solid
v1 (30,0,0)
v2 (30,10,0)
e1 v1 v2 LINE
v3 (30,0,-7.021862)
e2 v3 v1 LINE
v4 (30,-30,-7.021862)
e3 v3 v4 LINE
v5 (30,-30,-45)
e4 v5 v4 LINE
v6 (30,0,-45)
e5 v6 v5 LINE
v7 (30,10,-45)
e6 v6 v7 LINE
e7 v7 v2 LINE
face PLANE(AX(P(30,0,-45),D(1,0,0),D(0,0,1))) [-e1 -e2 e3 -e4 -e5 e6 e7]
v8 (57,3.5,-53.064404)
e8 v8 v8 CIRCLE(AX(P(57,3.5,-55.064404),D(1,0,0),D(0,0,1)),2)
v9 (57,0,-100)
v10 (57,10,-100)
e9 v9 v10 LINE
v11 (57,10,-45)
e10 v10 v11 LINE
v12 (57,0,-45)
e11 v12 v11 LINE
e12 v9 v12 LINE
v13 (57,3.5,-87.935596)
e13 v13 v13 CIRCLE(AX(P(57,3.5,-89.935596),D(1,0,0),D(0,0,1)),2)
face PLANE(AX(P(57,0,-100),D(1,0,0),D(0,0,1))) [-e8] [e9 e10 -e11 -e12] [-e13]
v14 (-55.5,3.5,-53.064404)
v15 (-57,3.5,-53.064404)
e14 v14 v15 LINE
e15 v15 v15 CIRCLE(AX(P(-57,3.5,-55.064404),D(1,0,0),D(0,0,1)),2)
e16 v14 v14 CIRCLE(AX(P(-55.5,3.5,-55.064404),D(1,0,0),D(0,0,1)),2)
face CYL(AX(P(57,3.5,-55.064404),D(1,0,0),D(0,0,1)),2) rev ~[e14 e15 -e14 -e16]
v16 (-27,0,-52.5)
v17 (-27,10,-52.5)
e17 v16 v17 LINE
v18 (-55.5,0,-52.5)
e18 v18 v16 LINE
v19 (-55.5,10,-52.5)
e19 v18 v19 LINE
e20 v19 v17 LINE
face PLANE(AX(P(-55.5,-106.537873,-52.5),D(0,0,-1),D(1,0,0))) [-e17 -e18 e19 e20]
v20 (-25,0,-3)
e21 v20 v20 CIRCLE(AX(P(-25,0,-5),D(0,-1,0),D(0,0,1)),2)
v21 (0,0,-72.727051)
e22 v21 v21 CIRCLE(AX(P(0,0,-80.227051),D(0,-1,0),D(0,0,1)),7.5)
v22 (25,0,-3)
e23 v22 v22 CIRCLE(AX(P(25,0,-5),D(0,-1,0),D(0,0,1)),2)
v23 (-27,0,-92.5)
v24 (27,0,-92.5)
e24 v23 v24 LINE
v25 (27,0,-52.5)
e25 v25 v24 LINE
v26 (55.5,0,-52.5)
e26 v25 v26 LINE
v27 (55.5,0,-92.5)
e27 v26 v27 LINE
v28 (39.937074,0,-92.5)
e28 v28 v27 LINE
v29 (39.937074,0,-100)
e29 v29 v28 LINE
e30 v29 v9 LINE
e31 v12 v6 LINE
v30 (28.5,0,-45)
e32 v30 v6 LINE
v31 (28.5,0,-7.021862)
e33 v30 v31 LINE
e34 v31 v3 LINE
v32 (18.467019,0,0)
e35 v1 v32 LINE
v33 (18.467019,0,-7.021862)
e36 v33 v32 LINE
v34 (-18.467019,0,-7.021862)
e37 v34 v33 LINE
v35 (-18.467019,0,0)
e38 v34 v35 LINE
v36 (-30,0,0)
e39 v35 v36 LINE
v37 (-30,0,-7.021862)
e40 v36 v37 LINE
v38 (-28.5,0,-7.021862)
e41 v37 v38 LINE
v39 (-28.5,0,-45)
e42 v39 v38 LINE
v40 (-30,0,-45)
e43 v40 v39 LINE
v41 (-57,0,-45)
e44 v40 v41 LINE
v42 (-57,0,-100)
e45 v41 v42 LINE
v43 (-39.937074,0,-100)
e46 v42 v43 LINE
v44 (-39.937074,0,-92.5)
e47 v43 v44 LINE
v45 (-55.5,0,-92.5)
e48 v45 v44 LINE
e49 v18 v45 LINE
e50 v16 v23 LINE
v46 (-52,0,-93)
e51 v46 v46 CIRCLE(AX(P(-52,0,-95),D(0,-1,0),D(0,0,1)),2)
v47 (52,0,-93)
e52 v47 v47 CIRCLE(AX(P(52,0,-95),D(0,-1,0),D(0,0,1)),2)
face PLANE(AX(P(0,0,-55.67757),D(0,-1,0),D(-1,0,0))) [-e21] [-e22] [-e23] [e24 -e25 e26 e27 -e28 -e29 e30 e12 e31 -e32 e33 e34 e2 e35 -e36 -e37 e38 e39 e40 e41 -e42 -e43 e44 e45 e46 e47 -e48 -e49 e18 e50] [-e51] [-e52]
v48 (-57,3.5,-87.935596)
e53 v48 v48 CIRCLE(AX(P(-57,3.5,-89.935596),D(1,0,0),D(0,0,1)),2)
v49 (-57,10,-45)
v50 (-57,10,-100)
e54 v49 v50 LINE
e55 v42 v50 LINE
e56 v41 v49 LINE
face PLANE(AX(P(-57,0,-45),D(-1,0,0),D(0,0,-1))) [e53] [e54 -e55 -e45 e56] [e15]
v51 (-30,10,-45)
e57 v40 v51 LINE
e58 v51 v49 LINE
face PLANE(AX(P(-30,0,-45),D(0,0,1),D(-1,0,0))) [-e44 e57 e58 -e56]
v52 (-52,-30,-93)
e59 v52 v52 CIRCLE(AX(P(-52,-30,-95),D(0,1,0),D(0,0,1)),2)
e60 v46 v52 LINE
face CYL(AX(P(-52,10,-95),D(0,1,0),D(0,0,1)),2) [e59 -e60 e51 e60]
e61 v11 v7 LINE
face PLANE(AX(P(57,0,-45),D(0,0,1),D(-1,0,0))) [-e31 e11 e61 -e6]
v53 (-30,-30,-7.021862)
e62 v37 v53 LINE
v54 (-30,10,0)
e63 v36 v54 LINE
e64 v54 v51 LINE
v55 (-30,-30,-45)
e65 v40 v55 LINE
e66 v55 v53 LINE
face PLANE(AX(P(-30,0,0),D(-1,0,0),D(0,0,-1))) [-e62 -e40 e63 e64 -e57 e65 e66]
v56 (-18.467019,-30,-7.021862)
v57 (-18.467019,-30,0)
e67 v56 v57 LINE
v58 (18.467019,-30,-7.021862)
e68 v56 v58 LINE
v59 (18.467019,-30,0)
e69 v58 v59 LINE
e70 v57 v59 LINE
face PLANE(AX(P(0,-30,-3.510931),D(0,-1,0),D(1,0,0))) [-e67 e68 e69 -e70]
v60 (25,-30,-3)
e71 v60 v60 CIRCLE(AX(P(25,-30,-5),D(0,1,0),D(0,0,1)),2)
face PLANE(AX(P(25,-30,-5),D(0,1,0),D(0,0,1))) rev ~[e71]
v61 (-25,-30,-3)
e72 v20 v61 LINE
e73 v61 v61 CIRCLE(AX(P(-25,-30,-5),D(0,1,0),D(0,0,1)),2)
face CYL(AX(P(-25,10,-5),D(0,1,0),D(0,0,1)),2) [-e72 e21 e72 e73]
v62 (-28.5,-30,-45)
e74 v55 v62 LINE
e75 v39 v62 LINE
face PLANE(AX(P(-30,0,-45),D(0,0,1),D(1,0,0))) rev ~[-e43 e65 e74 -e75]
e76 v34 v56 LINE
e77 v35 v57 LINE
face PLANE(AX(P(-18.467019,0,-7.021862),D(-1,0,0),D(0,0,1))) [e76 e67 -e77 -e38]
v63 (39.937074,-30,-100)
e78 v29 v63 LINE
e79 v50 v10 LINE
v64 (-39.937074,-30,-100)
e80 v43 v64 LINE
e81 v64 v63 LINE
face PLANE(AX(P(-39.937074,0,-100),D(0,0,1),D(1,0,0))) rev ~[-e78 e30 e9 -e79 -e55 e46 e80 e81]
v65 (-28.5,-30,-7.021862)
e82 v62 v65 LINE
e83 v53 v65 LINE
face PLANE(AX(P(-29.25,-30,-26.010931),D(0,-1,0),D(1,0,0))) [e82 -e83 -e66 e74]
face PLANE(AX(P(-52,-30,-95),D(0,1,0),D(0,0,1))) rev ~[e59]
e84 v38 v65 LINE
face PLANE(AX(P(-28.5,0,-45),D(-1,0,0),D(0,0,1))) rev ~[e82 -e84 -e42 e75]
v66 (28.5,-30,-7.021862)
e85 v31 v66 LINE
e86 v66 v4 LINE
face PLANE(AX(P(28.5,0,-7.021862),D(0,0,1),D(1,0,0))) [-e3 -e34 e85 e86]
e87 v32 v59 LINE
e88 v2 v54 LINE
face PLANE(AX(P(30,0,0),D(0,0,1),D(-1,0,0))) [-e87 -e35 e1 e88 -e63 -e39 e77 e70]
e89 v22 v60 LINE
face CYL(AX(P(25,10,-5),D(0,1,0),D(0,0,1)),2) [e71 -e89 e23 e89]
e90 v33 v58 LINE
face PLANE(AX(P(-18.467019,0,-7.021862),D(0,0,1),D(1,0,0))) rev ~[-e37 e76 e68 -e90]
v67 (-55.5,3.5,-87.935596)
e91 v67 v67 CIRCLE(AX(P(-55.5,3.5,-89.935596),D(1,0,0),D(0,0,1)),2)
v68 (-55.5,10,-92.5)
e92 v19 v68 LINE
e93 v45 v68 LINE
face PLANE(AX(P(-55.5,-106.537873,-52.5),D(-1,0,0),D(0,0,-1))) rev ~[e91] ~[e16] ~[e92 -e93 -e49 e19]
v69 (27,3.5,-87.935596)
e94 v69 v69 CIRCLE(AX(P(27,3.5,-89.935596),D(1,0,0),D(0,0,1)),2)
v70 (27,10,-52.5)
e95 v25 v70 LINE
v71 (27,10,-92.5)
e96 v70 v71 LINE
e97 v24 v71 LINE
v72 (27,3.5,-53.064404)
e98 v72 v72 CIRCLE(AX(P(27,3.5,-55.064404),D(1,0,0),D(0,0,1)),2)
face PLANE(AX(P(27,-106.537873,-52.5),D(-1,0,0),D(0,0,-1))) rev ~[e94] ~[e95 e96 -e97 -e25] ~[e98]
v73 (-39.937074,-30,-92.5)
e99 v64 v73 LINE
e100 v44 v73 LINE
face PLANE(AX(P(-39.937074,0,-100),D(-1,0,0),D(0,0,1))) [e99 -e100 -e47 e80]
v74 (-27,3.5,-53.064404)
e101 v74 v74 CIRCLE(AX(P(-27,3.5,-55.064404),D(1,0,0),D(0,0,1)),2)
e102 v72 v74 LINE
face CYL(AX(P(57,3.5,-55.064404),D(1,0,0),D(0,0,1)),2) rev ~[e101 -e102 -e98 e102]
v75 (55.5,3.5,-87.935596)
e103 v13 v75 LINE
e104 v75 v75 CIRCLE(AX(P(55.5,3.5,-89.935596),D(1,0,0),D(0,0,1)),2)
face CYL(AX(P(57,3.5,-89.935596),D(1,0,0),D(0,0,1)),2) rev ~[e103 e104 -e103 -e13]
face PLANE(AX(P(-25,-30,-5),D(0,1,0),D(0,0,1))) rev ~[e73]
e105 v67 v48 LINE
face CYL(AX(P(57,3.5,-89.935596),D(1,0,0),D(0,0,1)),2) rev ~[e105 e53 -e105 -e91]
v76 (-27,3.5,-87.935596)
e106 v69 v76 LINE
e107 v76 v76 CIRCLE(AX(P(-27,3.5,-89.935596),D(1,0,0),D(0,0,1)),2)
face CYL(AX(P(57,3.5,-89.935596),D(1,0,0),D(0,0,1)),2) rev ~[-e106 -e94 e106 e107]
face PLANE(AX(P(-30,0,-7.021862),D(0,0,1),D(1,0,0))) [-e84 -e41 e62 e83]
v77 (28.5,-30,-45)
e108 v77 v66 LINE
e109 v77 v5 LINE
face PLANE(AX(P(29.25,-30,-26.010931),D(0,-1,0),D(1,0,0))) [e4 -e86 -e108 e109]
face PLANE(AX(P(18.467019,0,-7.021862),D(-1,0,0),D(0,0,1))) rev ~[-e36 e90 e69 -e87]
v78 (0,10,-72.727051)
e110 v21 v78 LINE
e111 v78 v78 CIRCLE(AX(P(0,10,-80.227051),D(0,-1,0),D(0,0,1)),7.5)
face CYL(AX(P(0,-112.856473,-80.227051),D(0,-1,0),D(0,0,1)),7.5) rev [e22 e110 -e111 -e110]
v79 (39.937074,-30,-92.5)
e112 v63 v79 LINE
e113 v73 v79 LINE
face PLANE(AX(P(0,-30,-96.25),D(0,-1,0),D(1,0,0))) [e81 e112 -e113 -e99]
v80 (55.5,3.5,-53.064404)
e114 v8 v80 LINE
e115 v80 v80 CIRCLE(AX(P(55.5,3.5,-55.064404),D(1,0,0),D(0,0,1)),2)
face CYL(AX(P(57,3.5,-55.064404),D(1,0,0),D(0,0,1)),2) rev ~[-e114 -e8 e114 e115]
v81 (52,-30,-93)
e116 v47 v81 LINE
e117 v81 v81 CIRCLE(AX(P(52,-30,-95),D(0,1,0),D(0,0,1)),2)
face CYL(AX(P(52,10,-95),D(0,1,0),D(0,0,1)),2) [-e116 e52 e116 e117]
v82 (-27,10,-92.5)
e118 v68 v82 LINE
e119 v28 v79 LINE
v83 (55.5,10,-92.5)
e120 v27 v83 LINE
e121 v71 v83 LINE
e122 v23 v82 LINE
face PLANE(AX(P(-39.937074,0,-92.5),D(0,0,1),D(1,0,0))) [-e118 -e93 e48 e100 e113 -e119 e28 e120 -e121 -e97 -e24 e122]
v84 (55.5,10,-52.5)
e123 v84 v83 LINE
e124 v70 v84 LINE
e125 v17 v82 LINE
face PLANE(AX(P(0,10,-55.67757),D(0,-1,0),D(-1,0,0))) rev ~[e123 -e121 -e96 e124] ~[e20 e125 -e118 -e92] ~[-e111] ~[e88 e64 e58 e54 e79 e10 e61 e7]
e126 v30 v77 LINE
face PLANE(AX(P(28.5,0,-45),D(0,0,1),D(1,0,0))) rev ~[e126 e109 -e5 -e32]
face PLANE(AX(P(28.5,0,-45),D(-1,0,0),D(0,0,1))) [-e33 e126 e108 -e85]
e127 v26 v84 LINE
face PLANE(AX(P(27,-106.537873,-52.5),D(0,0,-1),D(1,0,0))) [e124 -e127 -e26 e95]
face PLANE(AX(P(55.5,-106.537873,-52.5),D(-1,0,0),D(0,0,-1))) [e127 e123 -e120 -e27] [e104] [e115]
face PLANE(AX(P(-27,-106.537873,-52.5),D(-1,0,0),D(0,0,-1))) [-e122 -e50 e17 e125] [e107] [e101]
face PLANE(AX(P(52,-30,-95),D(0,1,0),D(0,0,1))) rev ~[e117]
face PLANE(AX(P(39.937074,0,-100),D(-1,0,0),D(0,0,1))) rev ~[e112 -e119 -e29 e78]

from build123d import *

# Parameters (mm, degrees)
BOSS_EXTRUDE1_DEPTH     = 10
CUT_EXTRUDE1_DEPTH      = 116.537872579
CUT_EXTRUDE1_DEPTH_BACK = 116.537872579
SKETCH2_R               = 2
SKETCH2_W               = 28.5
SKETCH2_H               = 40
SKETCH5_R               = 2
CUT_EXTRUDE2_DEPTH      = 152.973681932
SKETCH6_R               = 2
BOSS_EXTRUDE2_DEPTH     = 40
SKETCH7_W               = 79.874147132
SKETCH7_H               = 7.5
SKETCH7_W_2             = 36.93403835
SKETCH7_H_2             = 7.021862101
SKETCH7_W_3             = 1.5
SKETCH7_H_3             = 37.978137899
BOSS_EXTRUDE3_DEPTH     = 30
CUT_EXTRUDE3_DEPTH      = 122.856472951
CUT_EXTRUDE3_DEPTH_BACK = 122.856472951
SKETCH8_R               = 7.5


with BuildPart() as part:
    # Sketch1 → Boss-Extrude1 (new body)
    with BuildSketch(Plane(origin=(0, 0, 0), x_dir=(1, 0, 0), z_dir=(0, 1, 0))):
        Polygon((30, 0), (-30, 0), (-30, 45), (-57, 45), (-57, 100), (57, 100), (57, 45), (30, 45), align=None)
    extrude(amount=BOSS_EXTRUDE1_DEPTH)

    # Sketch2 → Cut-Extrude1 (cut, two sides: drawn at the far end of the back side and taken through both)
    with BuildSketch(Plane(origin=(0, 10, 0), x_dir=(1, 0, 0), z_dir=(0, 1, 0)).offset(-CUT_EXTRUDE1_DEPTH_BACK)):
        with Locations(Location((-52, 95, 0), (0, 0, 270))):
            Circle(SKETCH2_R)
        with Locations(Location((52, 95, 0), (0, 0, 270))):
            Circle(SKETCH2_R)
        with Locations(Location((-25, 5, 0), (0, 0, 270))):
            Circle(SKETCH2_R)
        with Locations(Location((25, 5, 0), (0, 0, 270))):
            Circle(SKETCH2_R)
        with Locations((-41.25, 72.5)):
            Rectangle(SKETCH2_W, SKETCH2_H)
        with Locations((41.25, 72.5)):
            Rectangle(SKETCH2_W, SKETCH2_H)
    extrude(amount=CUT_EXTRUDE1_DEPTH + CUT_EXTRUDE1_DEPTH_BACK, mode=Mode.SUBTRACT)

    # Sketch5 → Cut-Extrude2 (cut, through all)
    with BuildSketch(Plane(origin=(57, 0, 0), x_dir=(0, 0, -1), z_dir=(1, 0, 0))):
        with Locations(Location((55.064404226, 3.5, 0), (0, 0, 180))):
            Circle(SKETCH5_R)
        with Locations(Location((89.935595774, 3.5, 0), (0, 0, 180))):
            Circle(SKETCH5_R)
    extrude(amount=-CUT_EXTRUDE2_DEPTH, mode=Mode.SUBTRACT)

    # Sketch6 → Boss-Extrude2 (add)
    with BuildSketch(Plane(origin=(0, 10, 0), x_dir=(1, 0, 0), z_dir=(0, 1, 0))):
        with Locations(Location((-25, 5, 0), (0, 0, 270))):
            Circle(SKETCH6_R)
        with Locations(Location((25, 5, 0), (0, 0, 270))):
            Circle(SKETCH6_R)
        with Locations(Location((52, 95, 0), (0, 0, 270))):
            Circle(SKETCH6_R)
        with Locations(Location((-52, 95, 0), (0, 0, 270))):
            Circle(SKETCH6_R)
    extrude(amount=-BOSS_EXTRUDE2_DEPTH)

    # Sketch7 → Boss-Extrude3 (add)
    with BuildSketch(Plane.XZ):
        with Locations((0, -96.25)):
            Rectangle(SKETCH7_W, SKETCH7_H)
        with Locations((0, -3.510931051)):
            Rectangle(SKETCH7_W_2, SKETCH7_H_2)
        with Locations((-29.25, -26.010931051)):
            Rectangle(SKETCH7_W_3, SKETCH7_H_3)
        with Locations((29.25, -26.010931051)):
            Rectangle(SKETCH7_W_3, SKETCH7_H_3)
    extrude(amount=BOSS_EXTRUDE3_DEPTH)

    # Sketch8 → Cut-Extrude3 (cut, two sides: drawn at the far end of the back side and taken through both)
    with BuildSketch(Plane(origin=(0, 10, 0), x_dir=(1, 0, 0), z_dir=(0, 1, 0)).offset(-CUT_EXTRUDE3_DEPTH_BACK)):
        with Locations(Location((0, 80.227050859, 0), (0, 0, 270))):
            Circle(SKETCH8_R)
    extrude(amount=CUT_EXTRUDE3_DEPTH + CUT_EXTRUDE3_DEPTH_BACK, mode=Mode.SUBTRACT)


solid = part.part
